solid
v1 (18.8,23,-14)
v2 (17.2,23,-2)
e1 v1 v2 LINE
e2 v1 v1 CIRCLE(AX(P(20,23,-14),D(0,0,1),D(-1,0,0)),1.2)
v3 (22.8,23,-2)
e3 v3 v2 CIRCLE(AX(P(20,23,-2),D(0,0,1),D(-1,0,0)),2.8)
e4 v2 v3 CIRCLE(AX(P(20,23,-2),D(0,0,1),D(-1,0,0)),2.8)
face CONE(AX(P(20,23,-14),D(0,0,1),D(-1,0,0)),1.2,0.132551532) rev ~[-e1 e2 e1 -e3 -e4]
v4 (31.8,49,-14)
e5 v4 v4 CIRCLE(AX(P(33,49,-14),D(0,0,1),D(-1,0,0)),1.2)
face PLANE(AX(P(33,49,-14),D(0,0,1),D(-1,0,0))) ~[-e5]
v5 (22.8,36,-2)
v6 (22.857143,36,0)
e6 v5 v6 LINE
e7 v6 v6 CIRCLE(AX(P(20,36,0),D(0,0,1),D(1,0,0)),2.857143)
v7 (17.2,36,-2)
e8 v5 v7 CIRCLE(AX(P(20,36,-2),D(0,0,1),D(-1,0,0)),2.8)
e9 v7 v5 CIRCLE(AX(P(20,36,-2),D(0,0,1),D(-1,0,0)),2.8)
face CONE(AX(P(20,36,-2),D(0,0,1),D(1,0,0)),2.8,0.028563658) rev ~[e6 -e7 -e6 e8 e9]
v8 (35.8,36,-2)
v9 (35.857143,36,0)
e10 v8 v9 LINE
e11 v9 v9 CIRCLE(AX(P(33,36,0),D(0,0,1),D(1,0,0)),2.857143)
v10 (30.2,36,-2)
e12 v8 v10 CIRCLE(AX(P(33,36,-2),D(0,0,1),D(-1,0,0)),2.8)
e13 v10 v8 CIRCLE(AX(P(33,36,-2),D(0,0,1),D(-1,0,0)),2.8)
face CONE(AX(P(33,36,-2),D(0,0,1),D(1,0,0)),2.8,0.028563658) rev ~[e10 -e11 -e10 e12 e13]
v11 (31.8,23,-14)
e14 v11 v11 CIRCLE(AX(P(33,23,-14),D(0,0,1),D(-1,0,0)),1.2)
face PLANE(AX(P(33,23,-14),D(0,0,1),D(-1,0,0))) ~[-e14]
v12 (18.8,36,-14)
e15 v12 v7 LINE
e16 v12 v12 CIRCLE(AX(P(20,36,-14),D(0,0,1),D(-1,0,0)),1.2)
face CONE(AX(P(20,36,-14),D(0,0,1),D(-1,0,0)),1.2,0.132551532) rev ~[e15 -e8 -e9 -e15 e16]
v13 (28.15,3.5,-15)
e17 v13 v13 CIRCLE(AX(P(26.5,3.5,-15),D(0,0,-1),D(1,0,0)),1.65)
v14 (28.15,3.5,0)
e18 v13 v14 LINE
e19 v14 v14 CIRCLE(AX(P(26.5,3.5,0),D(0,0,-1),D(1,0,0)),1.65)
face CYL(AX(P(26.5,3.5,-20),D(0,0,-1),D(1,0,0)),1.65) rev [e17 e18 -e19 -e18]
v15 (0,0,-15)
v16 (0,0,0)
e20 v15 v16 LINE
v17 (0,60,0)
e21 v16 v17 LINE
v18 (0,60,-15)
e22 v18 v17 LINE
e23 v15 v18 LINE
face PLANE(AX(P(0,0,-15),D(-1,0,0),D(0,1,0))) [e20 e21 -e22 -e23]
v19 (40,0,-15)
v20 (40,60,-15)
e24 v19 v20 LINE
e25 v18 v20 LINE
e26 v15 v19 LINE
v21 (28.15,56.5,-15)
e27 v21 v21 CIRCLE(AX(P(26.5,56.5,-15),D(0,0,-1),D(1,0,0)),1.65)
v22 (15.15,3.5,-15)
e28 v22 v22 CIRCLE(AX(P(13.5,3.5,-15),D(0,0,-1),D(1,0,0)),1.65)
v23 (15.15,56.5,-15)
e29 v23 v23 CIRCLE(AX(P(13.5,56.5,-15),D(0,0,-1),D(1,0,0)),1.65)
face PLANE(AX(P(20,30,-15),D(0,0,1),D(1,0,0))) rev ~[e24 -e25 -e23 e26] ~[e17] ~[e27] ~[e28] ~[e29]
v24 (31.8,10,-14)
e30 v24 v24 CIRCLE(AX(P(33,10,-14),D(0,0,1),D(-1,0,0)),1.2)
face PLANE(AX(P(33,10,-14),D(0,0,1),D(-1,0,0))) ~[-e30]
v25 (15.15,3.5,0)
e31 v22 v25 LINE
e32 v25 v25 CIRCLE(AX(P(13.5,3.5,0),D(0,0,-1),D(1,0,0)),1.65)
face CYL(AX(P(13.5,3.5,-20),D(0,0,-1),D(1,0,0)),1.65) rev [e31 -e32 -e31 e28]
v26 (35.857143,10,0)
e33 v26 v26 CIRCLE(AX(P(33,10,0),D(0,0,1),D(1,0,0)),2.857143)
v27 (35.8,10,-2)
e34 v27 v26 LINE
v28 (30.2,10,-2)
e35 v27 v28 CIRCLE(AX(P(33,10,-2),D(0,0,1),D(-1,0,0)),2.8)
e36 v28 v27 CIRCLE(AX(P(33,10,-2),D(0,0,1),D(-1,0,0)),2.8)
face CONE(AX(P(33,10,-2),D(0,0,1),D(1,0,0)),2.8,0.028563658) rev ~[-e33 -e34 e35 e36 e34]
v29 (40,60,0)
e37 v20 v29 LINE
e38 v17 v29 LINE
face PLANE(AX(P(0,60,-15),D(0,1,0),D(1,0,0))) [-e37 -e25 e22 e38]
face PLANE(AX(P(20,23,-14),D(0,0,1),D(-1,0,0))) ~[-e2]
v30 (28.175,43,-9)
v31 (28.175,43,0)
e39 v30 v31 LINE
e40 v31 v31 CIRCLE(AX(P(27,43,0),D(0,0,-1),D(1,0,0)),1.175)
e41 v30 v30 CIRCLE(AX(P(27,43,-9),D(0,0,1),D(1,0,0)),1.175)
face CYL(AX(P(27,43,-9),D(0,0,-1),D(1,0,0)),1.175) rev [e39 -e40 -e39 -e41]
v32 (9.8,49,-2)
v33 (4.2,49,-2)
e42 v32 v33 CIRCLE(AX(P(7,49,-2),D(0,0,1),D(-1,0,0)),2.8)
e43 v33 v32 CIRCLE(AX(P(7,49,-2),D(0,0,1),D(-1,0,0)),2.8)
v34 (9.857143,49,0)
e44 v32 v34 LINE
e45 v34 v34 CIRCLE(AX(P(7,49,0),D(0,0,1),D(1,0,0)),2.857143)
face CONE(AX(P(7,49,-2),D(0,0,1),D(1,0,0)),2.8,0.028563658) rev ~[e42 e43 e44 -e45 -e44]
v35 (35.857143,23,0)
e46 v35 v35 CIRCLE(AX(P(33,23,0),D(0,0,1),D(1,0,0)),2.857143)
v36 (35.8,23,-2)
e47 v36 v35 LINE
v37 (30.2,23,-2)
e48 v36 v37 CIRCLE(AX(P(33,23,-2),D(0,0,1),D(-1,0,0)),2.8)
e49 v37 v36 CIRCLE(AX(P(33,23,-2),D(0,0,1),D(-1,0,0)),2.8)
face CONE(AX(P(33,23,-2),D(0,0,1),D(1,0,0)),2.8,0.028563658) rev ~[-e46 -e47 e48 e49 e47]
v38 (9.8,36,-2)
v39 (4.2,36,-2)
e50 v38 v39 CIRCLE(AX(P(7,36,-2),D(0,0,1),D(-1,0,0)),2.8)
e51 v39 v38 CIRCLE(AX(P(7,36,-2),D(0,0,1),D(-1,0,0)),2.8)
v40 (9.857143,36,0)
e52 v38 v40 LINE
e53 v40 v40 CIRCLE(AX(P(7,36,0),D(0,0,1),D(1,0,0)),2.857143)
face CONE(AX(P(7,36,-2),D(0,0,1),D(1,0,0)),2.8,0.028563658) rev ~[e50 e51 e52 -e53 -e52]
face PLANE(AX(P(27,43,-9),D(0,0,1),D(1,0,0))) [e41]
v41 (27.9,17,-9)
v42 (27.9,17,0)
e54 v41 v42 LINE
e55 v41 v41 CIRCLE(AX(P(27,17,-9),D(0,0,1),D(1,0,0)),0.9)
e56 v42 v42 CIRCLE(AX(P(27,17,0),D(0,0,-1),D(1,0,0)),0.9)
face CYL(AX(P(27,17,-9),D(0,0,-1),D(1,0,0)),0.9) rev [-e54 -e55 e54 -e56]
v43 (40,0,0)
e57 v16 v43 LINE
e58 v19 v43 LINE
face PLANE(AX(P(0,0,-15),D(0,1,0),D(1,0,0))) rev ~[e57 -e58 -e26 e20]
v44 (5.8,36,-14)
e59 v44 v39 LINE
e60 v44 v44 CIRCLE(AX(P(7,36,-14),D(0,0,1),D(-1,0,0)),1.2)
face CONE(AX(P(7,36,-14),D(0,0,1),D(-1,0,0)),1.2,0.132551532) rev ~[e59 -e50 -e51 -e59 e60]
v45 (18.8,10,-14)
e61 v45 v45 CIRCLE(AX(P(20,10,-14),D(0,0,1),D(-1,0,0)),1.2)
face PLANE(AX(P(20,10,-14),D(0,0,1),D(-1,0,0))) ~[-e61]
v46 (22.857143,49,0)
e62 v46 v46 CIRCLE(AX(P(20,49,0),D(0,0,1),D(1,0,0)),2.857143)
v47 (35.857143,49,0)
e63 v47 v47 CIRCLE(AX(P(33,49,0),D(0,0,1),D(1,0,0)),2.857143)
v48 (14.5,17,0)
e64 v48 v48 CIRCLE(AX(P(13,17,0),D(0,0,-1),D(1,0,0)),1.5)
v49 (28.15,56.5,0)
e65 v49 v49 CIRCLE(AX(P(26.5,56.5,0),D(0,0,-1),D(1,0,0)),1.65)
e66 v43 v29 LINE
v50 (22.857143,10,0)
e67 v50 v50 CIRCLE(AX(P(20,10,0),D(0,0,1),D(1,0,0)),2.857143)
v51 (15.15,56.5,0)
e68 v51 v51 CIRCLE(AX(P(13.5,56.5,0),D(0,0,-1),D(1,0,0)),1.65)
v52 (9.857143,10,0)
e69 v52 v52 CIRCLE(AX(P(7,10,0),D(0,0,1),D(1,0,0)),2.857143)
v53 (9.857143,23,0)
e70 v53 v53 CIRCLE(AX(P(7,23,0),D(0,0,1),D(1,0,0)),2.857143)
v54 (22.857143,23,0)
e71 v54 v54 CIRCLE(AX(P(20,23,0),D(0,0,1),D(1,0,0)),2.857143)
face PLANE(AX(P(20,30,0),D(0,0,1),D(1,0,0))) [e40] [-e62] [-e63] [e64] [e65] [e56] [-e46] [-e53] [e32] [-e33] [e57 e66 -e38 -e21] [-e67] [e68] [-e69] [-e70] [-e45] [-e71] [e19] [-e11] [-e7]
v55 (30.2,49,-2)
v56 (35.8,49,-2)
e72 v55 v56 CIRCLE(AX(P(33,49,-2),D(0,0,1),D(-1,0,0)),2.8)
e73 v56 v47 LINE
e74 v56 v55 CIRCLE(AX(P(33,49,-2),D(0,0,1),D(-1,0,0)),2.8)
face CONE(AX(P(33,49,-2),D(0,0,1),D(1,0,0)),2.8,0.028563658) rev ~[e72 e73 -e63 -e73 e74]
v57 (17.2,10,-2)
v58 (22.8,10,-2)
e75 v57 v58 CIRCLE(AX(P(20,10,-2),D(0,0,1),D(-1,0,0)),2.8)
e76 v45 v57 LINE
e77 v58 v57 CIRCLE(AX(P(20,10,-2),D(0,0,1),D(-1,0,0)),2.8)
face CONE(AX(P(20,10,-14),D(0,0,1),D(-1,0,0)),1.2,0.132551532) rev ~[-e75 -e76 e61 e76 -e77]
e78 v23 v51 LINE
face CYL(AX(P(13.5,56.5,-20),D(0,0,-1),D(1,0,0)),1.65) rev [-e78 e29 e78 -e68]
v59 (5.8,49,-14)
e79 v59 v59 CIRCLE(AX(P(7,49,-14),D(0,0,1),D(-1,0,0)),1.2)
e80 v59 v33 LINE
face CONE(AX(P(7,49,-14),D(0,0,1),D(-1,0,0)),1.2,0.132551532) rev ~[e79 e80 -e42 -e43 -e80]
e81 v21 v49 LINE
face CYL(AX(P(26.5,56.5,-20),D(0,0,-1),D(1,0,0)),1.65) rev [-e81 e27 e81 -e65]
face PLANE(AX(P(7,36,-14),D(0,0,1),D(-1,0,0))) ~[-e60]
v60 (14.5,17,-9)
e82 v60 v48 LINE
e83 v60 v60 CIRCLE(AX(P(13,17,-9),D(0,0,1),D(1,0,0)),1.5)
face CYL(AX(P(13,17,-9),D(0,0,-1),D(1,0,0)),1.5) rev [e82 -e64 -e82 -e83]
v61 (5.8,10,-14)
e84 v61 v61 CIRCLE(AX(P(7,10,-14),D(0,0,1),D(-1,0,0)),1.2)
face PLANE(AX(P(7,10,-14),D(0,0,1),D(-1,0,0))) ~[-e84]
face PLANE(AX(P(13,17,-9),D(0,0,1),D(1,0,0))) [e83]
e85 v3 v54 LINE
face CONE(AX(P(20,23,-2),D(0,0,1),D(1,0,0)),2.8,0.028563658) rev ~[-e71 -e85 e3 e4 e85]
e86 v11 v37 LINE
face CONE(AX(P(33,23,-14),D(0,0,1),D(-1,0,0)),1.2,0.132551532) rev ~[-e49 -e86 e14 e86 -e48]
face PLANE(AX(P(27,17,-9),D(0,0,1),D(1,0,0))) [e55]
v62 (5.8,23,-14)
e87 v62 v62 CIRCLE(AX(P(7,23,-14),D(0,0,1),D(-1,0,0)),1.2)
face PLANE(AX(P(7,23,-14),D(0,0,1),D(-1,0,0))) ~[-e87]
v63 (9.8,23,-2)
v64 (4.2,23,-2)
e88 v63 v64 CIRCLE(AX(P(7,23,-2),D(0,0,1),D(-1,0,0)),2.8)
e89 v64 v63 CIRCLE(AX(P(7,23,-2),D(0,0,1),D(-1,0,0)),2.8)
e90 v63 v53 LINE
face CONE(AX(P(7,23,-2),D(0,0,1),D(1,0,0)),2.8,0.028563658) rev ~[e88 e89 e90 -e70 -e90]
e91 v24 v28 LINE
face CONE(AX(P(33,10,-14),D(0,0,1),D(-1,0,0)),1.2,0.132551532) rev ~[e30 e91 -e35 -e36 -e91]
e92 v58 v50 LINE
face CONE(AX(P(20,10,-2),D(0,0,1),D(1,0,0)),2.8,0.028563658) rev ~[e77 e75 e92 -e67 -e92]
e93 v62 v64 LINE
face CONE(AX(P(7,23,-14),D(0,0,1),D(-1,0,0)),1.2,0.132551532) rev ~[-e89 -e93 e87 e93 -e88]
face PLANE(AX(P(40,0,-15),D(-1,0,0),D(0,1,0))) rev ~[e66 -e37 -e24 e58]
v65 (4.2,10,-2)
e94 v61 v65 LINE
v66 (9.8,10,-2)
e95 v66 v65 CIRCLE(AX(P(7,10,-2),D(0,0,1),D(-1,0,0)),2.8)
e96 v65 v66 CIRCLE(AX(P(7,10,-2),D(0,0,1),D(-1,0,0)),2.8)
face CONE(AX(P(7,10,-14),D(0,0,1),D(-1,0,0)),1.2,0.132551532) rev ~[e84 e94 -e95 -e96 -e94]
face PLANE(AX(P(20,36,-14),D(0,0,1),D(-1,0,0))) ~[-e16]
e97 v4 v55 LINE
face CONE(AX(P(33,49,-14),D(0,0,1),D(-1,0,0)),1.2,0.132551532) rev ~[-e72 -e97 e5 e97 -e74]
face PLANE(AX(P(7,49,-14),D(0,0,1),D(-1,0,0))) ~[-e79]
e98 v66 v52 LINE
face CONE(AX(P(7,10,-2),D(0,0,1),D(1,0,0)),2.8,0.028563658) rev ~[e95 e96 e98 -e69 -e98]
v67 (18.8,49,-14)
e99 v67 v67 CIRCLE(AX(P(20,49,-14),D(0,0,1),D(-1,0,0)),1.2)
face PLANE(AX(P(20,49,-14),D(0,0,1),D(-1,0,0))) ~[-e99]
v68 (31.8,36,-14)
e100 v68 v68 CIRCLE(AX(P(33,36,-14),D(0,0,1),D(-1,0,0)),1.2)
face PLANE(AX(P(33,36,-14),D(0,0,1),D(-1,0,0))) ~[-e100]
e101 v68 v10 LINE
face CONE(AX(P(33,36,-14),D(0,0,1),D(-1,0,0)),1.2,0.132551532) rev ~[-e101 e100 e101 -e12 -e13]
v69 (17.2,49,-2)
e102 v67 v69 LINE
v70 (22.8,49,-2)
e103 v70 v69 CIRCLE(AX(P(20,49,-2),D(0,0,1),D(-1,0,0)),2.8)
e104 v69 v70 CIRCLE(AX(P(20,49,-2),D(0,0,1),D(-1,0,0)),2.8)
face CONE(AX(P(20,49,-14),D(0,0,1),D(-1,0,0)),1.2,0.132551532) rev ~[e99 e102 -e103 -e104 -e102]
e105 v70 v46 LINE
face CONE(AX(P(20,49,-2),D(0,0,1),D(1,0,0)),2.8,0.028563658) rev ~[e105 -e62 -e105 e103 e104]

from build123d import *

# Parameters (mm, degrees)
CYLINDER003_R     = 0.9
CYLINDER003_DEPTH = 10
CYLINDER004_R     = 1.175
CYLINDER004_DEPTH = 10
CYLINDER005_R     = 1.5
CYLINDER005_DEPTH = 10
CYLINDER001_R     = 1.65
CYLINDER001_DEPTH = 30
ARRAY002_X_COUNT  = 2
ARRAY002_X_PITCH  = 13
ARRAY002_Y_COUNT  = 2
ARRAY002_Y_PITCH  = 53
ARRAY_X_COUNT     = 3
ARRAY_X_PITCH     = 13
ARRAY_Y_COUNT     = 4
ARRAY_Y_PITCH     = 13
BOX_W             = 40
BOX_H             = 60
BOX_DEPTH         = 15


with BuildPart() as cylinder003:
    # Cylinder003 → Cylinder003 (new body)
    with BuildSketch(Plane(origin=(27, 17, -9), x_dir=(1, 0, 0), z_dir=(0, 0, 1))):
        Circle(CYLINDER003_R)
    extrude(amount=CYLINDER003_DEPTH)


with BuildPart() as cylinder004:
    # Cylinder004 → Cylinder004 (new body)
    with BuildSketch(Plane(origin=(27, 43, -9), x_dir=(1, 0, 0), z_dir=(0, 0, 1))):
        Circle(CYLINDER004_R)
    extrude(amount=CYLINDER004_DEPTH)


with BuildPart() as cylinder005:
    # Cylinder005 → Cylinder005 (new body)
    with BuildSketch(Plane(origin=(13, 17, -9), x_dir=(1, 0, 0), z_dir=(0, 0, 1))):
        Circle(CYLINDER005_R)
    extrude(amount=CYLINDER005_DEPTH)


with BuildPart() as hole_union:
    # Cylinder001 → Cylinder001 (new body)
    with BuildSketch(Plane.XY.offset(-20)):
        Circle(CYLINDER001_R)
    extrude(amount=CYLINDER001_DEPTH)

    # Array002 X: hole union ×2


with BuildPart() as hole_union_1:
    add(hole_union.part)
    with Locations(*[(i * ARRAY002_X_PITCH, 0, 0) for i in range(1, ARRAY002_X_COUNT)]):
        add(hole_union.part)

    # Array002 Y: hole union ×2


with BuildPart() as hole_union_2:
    add(hole_union_1.part)
    with Locations(*[(0, i * ARRAY002_Y_PITCH, 0) for i in range(1, ARRAY002_Y_COUNT)]):
        add(hole_union_1.part)


with BuildPart() as hole_union_3:
    # Array002 placement: moved
    add(hole_union_2.part.moved(Location((13.5, 3.5, 0))))

    # Fusion001: union Cylinder003, Cylinder004, Cylinder005
    add(cylinder003.part)
    add(cylinder004.part)
    add(cylinder005.part)


with BuildPart() as top_cone:
    # Cone → Cone (revolve)
    with BuildSketch(Plane(origin=(0, 0, -7), x_dir=(1, 0, 0), z_dir=(0, -1, 0))):
        Polygon((0, 0), (2.8, 0), (3, 7), (0, 7), align=None)
    revolve(axis=Axis((0, 0, -7), (0, 0, 1)))


with BuildPart() as cone_array:
    # Cone001 → Cone001 (revolve)
    with BuildSketch(Plane(origin=(0, 0, -19), x_dir=(-1, 0, 0), z_dir=(0, 1, 0))):
        Polygon((0, 0), (1.2, 0), (2.8, 12), (0, 12), align=None)
    revolve(axis=Axis((0, 0, -19), (0, 0, 1)))

    # Fusion: union top cone
    add(top_cone.part)


with BuildPart() as cone_array_1:
    # Fusion placement: moved
    add(cone_array.part.moved(Location((0, 0, 5))))

    # Array X: cone array ×3


with BuildPart() as cone_array_2:
    add(cone_array_1.part)
    with Locations(*[(i * ARRAY_X_PITCH, 0, 0) for i in range(1, ARRAY_X_COUNT)]):
        add(cone_array_1.part)

    # Array Y: cone array ×4


with BuildPart() as cone_array_3:
    add(cone_array_2.part)
    with Locations(*[(0, i * ARRAY_Y_PITCH, 0) for i in range(1, ARRAY_Y_COUNT)]):
        add(cone_array_2.part)


with BuildPart() as cone_array_4:
    # Array placement: moved
    add(cone_array_3.part.moved(Location((7, 10, 0))))


with BuildPart() as all_cut:
    # Box → Box (new body)
    with BuildSketch(Plane.XY.offset(-15)):
        with Locations((20, 30)):
            Rectangle(BOX_W, BOX_H)
    extrude(amount=BOX_DEPTH)

    # Cut: cut cone array
    add(cone_array_4.part, mode=Mode.SUBTRACT)

    # Cut001: cut hole union
    add(hole_union_3.part, mode=Mode.SUBTRACT)


solid = all_cut.part
